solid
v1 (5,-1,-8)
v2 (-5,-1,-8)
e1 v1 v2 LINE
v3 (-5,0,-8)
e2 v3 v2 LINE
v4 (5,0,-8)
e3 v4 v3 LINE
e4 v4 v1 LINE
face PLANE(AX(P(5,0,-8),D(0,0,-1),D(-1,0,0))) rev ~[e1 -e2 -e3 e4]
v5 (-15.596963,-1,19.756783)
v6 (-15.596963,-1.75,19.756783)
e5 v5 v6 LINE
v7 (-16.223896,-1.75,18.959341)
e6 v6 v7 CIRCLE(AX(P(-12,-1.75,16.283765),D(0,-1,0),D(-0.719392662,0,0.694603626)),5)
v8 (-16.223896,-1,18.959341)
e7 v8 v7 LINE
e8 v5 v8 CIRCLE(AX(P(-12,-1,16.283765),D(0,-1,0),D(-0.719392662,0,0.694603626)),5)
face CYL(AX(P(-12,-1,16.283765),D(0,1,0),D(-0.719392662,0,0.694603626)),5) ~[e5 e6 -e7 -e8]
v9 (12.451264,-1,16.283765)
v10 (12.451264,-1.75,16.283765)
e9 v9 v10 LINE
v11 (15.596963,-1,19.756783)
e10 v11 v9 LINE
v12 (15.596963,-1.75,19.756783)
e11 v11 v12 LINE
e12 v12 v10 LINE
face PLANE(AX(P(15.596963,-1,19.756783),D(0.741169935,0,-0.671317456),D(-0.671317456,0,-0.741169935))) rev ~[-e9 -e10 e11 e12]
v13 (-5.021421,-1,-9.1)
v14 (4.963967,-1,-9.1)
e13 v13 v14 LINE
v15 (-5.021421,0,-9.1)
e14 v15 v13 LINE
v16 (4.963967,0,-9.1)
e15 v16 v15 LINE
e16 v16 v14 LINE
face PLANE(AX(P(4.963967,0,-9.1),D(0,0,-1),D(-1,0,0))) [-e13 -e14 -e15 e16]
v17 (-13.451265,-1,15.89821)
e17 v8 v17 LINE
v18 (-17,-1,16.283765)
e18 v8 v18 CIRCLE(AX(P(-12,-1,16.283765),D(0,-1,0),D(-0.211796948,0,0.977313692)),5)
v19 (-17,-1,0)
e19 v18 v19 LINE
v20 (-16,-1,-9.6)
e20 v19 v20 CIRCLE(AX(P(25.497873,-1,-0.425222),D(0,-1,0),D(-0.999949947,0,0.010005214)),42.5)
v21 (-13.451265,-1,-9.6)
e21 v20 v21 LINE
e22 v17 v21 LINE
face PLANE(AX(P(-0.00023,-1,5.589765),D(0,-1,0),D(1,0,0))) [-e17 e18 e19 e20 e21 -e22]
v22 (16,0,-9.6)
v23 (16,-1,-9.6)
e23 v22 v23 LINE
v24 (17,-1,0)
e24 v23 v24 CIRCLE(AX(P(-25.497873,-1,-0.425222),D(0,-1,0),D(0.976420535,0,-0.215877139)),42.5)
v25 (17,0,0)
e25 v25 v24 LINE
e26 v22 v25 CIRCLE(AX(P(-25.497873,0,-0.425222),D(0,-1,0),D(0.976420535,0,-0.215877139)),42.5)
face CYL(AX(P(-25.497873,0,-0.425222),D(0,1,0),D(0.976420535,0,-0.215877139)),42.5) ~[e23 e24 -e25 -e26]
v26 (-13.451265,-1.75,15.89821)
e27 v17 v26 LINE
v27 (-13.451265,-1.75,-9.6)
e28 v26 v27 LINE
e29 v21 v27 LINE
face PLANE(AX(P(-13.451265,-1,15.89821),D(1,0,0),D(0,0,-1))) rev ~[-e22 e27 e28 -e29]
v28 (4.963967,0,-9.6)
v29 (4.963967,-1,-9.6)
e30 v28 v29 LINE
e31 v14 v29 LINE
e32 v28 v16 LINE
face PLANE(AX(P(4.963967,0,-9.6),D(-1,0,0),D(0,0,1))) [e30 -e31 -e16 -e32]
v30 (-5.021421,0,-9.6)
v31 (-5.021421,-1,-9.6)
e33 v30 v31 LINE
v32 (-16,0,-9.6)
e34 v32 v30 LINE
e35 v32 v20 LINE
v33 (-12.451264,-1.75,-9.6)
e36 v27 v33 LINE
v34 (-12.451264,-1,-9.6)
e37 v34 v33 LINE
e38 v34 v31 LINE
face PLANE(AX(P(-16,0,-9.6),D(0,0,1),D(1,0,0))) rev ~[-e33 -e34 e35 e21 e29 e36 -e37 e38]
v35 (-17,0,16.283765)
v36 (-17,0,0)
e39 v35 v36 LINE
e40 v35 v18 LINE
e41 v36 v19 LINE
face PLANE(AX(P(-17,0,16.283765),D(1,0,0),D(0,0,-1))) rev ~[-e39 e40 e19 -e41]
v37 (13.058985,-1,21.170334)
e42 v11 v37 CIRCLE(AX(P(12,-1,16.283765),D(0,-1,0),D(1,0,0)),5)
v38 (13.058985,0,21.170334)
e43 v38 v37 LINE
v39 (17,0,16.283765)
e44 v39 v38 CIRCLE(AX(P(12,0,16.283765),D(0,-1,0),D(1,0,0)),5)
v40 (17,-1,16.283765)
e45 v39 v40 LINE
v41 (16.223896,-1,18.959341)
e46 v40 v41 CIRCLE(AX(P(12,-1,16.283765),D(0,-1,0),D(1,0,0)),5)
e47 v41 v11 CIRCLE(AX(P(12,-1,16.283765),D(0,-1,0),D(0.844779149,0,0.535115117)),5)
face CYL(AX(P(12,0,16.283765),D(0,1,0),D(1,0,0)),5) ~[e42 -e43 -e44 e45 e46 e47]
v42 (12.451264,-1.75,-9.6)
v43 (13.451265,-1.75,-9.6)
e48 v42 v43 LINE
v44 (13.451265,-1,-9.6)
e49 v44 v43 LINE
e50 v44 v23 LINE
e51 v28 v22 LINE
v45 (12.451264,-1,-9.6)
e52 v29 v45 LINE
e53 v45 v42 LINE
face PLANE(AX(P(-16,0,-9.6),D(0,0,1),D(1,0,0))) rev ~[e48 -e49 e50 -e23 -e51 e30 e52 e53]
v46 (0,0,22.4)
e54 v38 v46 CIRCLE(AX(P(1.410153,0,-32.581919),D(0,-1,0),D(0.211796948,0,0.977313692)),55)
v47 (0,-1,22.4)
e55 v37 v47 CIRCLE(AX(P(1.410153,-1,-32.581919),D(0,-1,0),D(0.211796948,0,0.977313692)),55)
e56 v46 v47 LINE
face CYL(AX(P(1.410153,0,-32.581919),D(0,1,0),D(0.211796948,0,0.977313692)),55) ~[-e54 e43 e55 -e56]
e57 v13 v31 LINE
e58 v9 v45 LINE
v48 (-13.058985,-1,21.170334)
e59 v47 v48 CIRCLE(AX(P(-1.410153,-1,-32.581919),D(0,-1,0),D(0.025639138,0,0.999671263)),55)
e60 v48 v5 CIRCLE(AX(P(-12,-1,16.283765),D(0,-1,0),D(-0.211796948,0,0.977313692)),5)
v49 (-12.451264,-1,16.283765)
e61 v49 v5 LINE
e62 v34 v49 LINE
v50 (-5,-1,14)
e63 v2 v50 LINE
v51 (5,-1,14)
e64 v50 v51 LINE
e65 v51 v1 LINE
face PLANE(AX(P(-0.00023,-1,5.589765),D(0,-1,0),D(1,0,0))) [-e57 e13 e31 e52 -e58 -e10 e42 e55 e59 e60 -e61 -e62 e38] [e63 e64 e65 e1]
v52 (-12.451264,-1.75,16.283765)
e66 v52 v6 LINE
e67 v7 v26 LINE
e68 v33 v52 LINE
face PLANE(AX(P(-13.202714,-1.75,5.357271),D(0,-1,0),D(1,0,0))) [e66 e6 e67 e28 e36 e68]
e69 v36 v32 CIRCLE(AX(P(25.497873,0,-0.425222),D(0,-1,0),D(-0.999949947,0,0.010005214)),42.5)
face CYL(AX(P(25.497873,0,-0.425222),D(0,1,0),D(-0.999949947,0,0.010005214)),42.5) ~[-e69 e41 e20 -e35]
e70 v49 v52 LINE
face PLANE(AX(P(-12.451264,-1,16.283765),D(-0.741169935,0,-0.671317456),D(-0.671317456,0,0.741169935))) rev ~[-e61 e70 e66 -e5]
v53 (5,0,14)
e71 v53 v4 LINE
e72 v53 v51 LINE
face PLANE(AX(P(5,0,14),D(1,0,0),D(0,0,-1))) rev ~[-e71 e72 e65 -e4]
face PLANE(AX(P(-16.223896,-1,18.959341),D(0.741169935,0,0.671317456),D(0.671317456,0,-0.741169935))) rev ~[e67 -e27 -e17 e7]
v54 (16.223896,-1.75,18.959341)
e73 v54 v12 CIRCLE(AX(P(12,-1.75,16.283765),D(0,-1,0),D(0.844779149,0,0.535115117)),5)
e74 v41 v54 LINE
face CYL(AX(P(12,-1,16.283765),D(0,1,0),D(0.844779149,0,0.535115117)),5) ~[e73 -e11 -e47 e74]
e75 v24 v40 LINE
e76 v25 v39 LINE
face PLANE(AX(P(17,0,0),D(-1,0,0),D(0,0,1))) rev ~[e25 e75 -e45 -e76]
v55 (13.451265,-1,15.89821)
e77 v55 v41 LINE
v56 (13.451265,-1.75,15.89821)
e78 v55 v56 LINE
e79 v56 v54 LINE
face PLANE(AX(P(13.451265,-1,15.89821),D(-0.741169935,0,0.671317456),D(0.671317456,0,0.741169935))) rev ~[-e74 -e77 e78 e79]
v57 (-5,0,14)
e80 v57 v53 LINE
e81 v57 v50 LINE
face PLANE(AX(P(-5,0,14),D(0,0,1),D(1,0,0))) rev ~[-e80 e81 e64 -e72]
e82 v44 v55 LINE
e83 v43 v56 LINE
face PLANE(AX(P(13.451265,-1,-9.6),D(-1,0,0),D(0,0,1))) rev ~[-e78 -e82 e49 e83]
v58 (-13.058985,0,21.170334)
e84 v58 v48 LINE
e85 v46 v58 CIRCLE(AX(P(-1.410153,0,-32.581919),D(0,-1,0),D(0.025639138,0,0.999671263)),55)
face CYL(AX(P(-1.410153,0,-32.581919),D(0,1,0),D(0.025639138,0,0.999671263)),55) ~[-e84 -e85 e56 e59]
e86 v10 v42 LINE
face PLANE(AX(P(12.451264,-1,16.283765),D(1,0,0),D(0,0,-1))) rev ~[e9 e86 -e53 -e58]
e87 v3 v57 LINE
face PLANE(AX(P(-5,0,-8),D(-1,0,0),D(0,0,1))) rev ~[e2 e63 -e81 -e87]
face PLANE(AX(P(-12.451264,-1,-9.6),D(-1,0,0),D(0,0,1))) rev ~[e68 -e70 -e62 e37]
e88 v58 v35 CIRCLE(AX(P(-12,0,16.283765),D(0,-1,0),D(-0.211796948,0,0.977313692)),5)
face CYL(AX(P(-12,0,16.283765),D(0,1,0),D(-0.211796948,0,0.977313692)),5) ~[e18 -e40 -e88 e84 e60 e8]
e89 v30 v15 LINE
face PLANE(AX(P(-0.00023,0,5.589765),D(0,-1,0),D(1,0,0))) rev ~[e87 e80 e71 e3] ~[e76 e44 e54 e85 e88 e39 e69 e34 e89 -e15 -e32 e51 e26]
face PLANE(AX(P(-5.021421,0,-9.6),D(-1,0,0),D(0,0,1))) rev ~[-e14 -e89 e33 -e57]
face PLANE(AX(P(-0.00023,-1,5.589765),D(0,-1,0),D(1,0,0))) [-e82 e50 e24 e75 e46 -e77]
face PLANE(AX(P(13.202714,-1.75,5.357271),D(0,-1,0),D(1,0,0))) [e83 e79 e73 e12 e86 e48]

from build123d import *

# Parameters (mm, degrees)
F0_W     = 4.9639665522
F0_H     = 0.5
F0_W_2   = 5.0214207731
F1_DEPTH = 1
F2_DEPTH = 8.4
F4_DEPTH = 0.75


with BuildPart() as f1:
    # F0 (on Front) → F1 (new body)
    with BuildSketch(Plane.XZ):
        with BuildLine():
            Line((-5.0214207731, -9.1), (0, -9.1))
            Line((0, -9.1), (4.9639665522, -9.1))
            Line((4.9639665522, -9.1), (4.9639665522, -9.6))
            Line((4.9639665522, -9.6), (16, -9.6))
            ThreePointArc((16, -9.6), (16.7734096476, -4.8284801716), (17, 0))
            Line((17, 0), (17, 16.2837651256))
            ThreePointArc((17, 16.2837651256), (15.8919740301, 19.4226404256), (13.0589847405, 21.1703335861))
            ThreePointArc((13.0589847405, 21.1703335861), (6.5662809494, 22.1758593321), (0, 22.4))
            ThreePointArc((0, 22.4), (-6.5662809494, 22.1758593321), (-13.0589847405, 21.1703335861))
            ThreePointArc((-13.0589847405, 21.1703335861), (-15.8919740301, 19.4226404256), (-17, 16.2837651256))
            Line((-17, 16.2837651256), (-17, 0))
            ThreePointArc((-17, 0), (-16.7734096476, -4.8284801716), (-16, -9.6))
            Line((-16, -9.6), (-5.0214207731, -9.6))
            Line((-5.0214207731, -9.6), (-5.0214207731, -9.1))
        make_face()
        Polygon((5, -8), (0, -8), (-5, -8), (-5, 14), (5, 14), align=None, mode=Mode.SUBTRACT)
        with Locations((2.4819832761, -9.35)):
            Rectangle(F0_W, F0_H)
        with Locations((-2.5107103866, -9.35)):
            Rectangle(F0_W_2, F0_H)
    extrude(amount=F1_DEPTH)

    # F0 (on Front) → F2 (cut)
    with BuildSketch(Plane.XZ):
        with Locations((-2.5107103866, -9.35)):
            Rectangle(F0_W_2, F0_H)
        with Locations((2.4819832761, -9.35)):
            Rectangle(F0_W, F0_H)
    extrude(amount=F2_DEPTH, mode=Mode.SUBTRACT)

    # F3 (on face) → F4 (join)
    with BuildSketch(Plane.XZ.offset(1)):
        with BuildLine():
            Line((-13.4512646501, -9.6), (-12.4512640759, -9.6))
            Line((-12.4512640759, -9.6), (-12.4512640759, 16.2837651256))
            Line((-12.4512640759, 16.2837651256), (-15.5969633106, 19.7567832571))
            ThreePointArc((-15.5969633106, 19.7567832571), (-15.9307044856, 19.3740017261), (-16.223895747, 18.9593407121))
            Line((-16.223895747, 18.9593407121), (-13.4512646501, 15.8982095126))
            Line((-13.4512646501, 15.8982095126), (-13.4512646501, -9.6))
        make_face()
        with BuildLine():
            Line((12.4512640759, 16.2837651256), (12.4512640759, -9.6))
            Line((12.4512640759, -9.6), (13.4512646501, -9.6))
            Line((13.4512646501, -9.6), (13.4512646501, 15.8982095126))
            Line((13.4512646501, 15.8982095126), (16.223895747, 18.9593407121))
            ThreePointArc((16.223895747, 18.9593407121), (15.9307044856, 19.3740017261), (15.5969633106, 19.7567832571))
            Line((15.5969633106, 19.7567832571), (12.4512640759, 16.2837651256))
        make_face()
    extrude(amount=F4_DEPTH)


solid = f1.part
